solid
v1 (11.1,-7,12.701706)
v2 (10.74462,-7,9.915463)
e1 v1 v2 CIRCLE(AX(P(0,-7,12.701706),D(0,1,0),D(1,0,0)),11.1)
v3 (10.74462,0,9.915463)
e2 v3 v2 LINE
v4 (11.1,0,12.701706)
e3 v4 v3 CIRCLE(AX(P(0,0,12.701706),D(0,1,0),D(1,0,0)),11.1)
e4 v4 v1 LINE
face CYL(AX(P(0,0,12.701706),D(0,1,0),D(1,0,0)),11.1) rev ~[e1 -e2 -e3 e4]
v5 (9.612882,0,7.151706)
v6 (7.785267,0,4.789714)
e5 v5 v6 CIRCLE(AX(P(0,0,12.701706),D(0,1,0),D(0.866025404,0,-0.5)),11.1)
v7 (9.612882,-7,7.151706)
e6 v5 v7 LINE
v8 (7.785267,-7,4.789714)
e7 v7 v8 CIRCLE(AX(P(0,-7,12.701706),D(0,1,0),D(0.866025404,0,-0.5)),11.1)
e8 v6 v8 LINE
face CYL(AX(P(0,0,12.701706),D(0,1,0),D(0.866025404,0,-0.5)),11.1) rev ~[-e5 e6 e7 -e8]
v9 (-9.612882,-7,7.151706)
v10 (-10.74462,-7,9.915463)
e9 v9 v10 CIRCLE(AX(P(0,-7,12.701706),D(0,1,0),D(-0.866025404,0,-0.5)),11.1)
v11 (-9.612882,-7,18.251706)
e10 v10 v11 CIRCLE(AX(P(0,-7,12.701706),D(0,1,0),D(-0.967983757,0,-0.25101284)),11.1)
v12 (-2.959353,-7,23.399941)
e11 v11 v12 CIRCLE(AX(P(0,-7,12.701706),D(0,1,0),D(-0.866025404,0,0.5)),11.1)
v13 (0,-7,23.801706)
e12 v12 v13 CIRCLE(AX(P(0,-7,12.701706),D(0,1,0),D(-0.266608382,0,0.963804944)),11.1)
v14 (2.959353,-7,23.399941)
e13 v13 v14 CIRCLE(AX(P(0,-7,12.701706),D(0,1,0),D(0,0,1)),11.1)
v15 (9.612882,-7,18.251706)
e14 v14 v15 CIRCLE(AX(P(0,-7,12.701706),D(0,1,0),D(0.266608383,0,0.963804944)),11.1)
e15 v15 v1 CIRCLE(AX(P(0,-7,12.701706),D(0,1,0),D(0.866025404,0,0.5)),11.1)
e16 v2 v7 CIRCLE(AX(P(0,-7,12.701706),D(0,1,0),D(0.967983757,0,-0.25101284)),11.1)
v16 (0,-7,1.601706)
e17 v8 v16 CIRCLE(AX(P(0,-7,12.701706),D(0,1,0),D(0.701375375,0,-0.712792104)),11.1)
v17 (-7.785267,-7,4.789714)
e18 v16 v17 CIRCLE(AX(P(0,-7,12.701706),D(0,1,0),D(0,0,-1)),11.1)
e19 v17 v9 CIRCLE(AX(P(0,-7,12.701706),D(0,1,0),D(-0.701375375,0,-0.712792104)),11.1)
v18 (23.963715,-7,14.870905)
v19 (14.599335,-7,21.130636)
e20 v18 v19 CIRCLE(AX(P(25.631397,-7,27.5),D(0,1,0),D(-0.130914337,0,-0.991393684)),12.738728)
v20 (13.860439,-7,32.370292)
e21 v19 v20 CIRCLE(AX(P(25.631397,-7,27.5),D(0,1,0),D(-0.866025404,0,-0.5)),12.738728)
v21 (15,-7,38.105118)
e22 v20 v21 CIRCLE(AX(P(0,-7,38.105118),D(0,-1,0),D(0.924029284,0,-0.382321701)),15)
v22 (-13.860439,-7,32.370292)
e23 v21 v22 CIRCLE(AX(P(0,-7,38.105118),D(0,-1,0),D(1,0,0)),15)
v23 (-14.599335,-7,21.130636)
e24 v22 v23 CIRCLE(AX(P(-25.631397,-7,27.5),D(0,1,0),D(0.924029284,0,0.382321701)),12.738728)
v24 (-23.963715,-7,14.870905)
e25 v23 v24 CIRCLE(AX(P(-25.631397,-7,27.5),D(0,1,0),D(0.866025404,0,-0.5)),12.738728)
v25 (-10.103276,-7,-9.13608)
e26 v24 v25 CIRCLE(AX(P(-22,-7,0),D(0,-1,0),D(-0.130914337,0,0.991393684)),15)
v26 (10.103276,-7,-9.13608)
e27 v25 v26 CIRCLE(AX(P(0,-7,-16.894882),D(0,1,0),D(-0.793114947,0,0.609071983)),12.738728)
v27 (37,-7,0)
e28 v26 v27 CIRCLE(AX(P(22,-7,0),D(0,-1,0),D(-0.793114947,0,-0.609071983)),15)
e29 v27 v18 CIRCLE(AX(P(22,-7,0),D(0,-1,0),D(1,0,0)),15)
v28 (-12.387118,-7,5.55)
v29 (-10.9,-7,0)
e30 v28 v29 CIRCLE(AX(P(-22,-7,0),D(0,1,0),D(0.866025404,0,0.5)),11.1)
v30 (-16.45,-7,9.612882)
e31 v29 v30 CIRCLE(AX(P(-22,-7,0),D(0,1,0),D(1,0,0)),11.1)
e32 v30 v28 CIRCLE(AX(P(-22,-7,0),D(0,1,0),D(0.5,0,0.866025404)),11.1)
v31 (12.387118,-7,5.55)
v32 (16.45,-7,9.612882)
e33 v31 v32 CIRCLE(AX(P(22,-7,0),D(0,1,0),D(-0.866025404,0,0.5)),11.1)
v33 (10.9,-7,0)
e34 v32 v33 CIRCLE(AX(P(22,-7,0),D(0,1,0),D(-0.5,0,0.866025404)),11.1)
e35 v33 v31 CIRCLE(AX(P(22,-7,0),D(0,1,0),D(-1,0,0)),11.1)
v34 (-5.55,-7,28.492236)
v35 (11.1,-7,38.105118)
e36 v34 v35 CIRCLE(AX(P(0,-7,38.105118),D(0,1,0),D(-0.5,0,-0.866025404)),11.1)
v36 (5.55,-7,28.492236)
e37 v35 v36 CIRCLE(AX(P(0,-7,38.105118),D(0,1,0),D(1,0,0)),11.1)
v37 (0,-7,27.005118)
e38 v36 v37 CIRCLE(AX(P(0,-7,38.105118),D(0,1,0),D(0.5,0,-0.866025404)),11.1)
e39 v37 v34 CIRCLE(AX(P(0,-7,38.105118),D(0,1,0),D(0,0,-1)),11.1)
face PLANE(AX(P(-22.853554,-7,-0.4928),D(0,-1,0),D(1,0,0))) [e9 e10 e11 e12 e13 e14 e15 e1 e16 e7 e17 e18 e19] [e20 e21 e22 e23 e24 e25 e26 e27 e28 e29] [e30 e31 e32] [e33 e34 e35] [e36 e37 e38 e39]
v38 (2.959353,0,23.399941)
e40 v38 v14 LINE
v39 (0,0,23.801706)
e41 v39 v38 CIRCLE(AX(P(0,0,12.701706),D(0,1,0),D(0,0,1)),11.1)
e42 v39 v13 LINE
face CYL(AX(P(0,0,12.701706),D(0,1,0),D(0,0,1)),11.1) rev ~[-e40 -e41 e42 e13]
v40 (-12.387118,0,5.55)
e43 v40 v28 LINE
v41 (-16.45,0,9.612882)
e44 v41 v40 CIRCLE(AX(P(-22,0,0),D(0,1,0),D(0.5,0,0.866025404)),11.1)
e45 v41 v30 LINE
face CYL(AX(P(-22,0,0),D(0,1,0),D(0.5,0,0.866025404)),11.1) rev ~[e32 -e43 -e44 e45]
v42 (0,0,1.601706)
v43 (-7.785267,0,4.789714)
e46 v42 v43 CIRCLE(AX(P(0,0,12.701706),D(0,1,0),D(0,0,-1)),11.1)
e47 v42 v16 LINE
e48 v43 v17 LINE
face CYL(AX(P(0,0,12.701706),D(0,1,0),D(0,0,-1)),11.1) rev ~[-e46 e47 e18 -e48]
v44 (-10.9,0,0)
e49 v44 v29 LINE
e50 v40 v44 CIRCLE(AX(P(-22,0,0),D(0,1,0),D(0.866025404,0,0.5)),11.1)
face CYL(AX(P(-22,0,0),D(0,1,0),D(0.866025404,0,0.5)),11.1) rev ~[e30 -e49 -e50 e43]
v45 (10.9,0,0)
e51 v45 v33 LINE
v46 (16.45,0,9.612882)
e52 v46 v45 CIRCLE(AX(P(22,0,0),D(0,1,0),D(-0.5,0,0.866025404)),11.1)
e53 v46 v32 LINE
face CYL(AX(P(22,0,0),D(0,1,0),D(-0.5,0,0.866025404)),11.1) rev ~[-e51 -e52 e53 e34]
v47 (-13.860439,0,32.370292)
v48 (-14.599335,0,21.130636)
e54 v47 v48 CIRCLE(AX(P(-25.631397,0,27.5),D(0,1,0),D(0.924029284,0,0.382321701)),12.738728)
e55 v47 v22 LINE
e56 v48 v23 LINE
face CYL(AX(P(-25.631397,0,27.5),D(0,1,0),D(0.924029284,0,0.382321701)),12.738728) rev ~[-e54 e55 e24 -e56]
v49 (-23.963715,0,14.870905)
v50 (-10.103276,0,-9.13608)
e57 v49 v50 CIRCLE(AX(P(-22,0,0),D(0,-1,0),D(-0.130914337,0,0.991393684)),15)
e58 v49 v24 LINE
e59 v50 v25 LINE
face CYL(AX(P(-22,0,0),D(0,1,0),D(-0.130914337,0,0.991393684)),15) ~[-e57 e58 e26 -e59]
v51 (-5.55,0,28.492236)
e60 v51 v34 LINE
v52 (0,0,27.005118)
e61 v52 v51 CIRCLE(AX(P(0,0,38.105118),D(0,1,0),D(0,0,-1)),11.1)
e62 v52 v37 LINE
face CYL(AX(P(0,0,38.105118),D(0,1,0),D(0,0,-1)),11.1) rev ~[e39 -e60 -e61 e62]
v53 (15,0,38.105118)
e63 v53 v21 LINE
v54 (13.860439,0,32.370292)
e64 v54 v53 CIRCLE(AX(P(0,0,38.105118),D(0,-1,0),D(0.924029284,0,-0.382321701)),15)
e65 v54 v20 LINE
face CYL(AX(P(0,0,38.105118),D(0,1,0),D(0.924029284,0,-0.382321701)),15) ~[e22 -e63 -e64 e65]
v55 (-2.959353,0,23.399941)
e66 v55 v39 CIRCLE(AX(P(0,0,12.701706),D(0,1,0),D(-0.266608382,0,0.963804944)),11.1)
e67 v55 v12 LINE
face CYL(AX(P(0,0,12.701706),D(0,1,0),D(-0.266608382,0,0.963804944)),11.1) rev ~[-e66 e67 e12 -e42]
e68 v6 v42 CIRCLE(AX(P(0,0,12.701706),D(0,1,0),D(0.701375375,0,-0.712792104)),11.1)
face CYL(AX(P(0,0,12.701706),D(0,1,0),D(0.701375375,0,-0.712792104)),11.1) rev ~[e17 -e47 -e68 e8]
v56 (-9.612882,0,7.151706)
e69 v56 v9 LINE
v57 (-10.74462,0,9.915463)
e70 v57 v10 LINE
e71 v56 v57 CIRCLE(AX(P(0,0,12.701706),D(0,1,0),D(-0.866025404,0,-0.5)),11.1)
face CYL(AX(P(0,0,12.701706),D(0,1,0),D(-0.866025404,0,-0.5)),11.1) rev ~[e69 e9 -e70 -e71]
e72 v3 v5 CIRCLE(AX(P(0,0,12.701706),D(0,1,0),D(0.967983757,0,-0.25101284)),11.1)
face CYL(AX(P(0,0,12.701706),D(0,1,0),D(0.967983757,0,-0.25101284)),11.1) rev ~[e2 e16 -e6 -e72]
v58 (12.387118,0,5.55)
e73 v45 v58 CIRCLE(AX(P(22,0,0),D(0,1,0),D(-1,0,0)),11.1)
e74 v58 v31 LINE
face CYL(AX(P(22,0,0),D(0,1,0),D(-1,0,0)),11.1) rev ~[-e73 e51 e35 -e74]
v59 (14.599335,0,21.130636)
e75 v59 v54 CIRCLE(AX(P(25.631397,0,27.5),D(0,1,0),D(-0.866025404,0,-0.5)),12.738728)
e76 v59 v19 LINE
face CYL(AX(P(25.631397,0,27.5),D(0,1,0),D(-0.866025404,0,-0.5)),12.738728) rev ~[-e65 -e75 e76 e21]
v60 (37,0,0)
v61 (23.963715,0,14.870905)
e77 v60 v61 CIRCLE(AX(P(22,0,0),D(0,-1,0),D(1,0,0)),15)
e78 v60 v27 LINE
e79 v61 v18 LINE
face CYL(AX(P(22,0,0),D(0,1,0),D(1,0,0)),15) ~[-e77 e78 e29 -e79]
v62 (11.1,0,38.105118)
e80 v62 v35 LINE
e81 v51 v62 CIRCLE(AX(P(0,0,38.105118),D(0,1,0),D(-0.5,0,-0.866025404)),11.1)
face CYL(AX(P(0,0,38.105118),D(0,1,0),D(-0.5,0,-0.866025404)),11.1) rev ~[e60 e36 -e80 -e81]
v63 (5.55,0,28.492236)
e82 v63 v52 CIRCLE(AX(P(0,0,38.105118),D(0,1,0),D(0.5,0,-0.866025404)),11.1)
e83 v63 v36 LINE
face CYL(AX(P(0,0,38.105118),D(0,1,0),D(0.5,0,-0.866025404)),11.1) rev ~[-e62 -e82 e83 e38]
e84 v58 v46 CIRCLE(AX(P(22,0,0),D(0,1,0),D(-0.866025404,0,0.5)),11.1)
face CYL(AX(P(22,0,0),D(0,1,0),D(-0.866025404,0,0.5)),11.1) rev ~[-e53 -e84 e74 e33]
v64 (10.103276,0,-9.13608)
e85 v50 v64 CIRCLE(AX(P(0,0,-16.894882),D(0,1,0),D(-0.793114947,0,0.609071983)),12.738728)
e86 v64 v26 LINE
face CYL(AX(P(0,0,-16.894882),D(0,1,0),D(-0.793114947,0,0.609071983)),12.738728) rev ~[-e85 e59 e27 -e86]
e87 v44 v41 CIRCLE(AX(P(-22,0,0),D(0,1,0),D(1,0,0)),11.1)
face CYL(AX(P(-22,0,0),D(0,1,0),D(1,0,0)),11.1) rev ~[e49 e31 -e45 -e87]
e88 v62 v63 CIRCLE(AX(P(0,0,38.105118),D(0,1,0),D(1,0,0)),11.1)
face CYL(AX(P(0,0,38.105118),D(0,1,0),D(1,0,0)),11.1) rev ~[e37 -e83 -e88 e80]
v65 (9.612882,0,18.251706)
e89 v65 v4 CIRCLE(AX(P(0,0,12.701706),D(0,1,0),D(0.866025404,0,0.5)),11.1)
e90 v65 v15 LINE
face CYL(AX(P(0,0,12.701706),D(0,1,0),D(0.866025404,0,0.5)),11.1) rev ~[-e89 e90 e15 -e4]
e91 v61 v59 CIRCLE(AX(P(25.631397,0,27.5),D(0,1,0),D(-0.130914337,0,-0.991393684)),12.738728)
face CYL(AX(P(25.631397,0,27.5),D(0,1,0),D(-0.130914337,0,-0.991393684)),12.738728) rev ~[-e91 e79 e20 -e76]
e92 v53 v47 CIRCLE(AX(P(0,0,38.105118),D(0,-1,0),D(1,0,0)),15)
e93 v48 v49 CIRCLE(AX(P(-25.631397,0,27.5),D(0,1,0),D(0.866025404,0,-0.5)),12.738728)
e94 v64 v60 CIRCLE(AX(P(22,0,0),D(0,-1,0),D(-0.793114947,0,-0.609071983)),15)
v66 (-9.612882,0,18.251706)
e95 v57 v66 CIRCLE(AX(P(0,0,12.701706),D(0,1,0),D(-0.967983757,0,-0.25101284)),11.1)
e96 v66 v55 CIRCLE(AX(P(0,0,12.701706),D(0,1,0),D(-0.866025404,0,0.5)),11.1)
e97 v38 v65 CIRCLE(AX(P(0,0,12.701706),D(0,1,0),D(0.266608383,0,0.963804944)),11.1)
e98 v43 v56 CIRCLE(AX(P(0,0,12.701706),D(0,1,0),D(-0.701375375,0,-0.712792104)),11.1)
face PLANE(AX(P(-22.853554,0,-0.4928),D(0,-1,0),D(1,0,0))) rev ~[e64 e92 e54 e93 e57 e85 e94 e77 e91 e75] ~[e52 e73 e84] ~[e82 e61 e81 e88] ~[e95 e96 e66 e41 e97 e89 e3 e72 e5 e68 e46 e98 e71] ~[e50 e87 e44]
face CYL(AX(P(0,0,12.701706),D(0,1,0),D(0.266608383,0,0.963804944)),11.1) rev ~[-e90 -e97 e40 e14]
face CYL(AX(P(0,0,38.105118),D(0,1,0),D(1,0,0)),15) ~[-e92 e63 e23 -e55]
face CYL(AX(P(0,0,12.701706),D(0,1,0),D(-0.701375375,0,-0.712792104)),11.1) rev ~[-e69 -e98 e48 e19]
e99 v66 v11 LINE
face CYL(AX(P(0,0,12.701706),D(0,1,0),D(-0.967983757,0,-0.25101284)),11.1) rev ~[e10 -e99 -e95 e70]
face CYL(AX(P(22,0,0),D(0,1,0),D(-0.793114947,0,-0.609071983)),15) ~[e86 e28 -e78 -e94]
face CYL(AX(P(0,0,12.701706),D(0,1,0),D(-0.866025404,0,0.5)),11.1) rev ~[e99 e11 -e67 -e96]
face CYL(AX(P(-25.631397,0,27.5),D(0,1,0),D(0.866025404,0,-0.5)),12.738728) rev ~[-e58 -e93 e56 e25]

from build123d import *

# Parameters (mm, degrees)
F1_DEPTH = 7


with BuildPart() as f1:
    # F0 (on Front) → F1 (new body)
    with BuildSketch(Plane.XZ):
        with BuildLine():
            Line((-7, 0), (-10.9, 0))
            ThreePointArc((-10.9, 0), (-31.612881982, -5.55), (-16.45, 9.612881982))
            Line((-16.45, 9.612881982), (-14.5, 12.9903810568))
            ThreePointArc((-14.5, 12.9903810568), (-19.0765250841, 14.7123517636), (-23.9637150487, 14.8709052585))
            ThreePointArc((-23.9637150487, 14.8709052585), (-34.9903810568, -7.5), (-10.1032757932, -9.1360797472))
            ThreePointArc((-10.1032757932, -9.1360797472), (-7.7969921654, -4.8243723373), (-7, 0))
        make_face()
        with BuildLine():
            Line((0, 0), (-7, 0))
            ThreePointArc((-7, 0), (-7.7969921654, -4.8243723373), (-10.1032757932, -9.1360797472))
            ThreePointArc((-10.1032757932, -9.1360797472), (-5.6319588622, -5.4687614067), (0, -4.1561539699))
            Line((0, -4.1561539699), (0, 0))
        make_face()
        with BuildLine():
            ThreePointArc((-23.9637150487, 14.8709052585), (-19.0765250841, 14.7123517636), (-14.5, 12.9903810568))
            Line((-14.5, 12.9903810568), (-11, 19.0525588833))
            Line((-11, 19.0525588833), (-14.5993349199, 21.1306358682))
            ThreePointArc((-14.5993349199, 21.1306358682), (-18.5520657365, 16.9095201389), (-23.9637150487, 14.8709052585))
        make_face()
        with BuildLine():
            Line((7, 0), (0, 0))
            Line((0, 0), (0, -4.1561539699))
            ThreePointArc((0, -4.1561539699), (5.6319588622, -5.4687614067), (10.1032757932, -9.1360797472))
            ThreePointArc((10.1032757932, -9.1360797472), (7.7969921654, -4.8243723373), (7, 0))
        make_face()
        with BuildLine():
            Line((-14.5993349199, 21.1306358682), (-11, 19.0525588833))
            Line((-11, 19.0525588833), (-7.5, 25.1147367097))
            ThreePointArc((-7.5, 25.1147367097), (-11.2795329187, 28.2171383402), (-13.8604392555, 32.3702922552))
            ThreePointArc((-13.8604392555, 32.3702922552), (-12.9201068743, 26.6643590343), (-14.5993349199, 21.1306358682))
        make_face()
        with BuildLine():
            Line((10.9, 0), (7, 0))
            ThreePointArc((7, 0), (7.7969921654, -4.8243723373), (10.1032757932, -9.1360797472))
            ThreePointArc((10.1032757932, -9.1360797472), (26.8243723373, -14.2030078346), (37, 0))
            ThreePointArc((37, 0), (33.2795329187, 9.8879794263), (23.9637150487, 14.8709052585))
            ThreePointArc((23.9637150487, 14.8709052585), (19.0765250841, 14.7123517636), (14.5, 12.9903810568))
            Line((14.5, 12.9903810568), (16.45, 9.612881982))
            ThreePointArc((16.45, 9.612881982), (27.55, 9.612881982), (33.1, 0))
            ThreePointArc((33.1, 0), (22, -11.1), (10.9, 0))
        make_face()
        with BuildLine():
            ThreePointArc((-13.8604392555, 32.3702922552), (-11.2795329187, 28.2171383402), (-7.5, 25.1147367097))
            Line((-7.5, 25.1147367097), (-5.55, 28.4922357845))
            ThreePointArc((-5.55, 28.4922357845), (-5.55, 47.7179997485), (11.1, 38.1051177665))
            ThreePointArc((11.1, 38.1051177665), (9.612881982, 32.5551177665), (5.55, 28.4922357845))
            Line((5.55, 28.4922357845), (7.5, 25.1147367097))
            ThreePointArc((7.5, 25.1147367097), (11.2795329187, 28.2171383402), (13.8604392555, 32.3702922552))
            ThreePointArc((13.8604392555, 32.3702922552), (14.7123517636, 35.1816428506), (15, 38.1051177665))
            ThreePointArc((15, 38.1051177665), (-2.9234749159, 52.8174695301), (-13.8604392555, 32.3702922552))
        make_face()
        with BuildLine():
            Line((14.5993349199, 21.1306358682), (11, 19.0525588833))
            Line((11, 19.0525588833), (14.5, 12.9903810568))
            ThreePointArc((14.5, 12.9903810568), (19.0765250841, 14.7123517636), (23.9637150487, 14.8709052585))
            ThreePointArc((23.9637150487, 14.8709052585), (18.5520657365, 16.9095201389), (14.5993349199, 21.1306358682))
        make_face()
        with BuildLine():
            Line((7.5, 25.1147367097), (11, 19.0525588833))
            Line((11, 19.0525588833), (14.5993349199, 21.1306358682))
            ThreePointArc((14.5993349199, 21.1306358682), (12.9201068743, 26.6643590343), (13.8604392555, 32.3702922552))
            ThreePointArc((13.8604392555, 32.3702922552), (11.2795329187, 28.2171383402), (7.5, 25.1147367097))
        make_face()
        with BuildLine():
            Line((11, 19.0525588833), (9.612881982, 18.2517059222))
            ThreePointArc((9.612881982, 18.2517059222), (10.7217766718, 15.5745973228), (11.1, 12.7017059222))
            ThreePointArc((11.1, 12.7017059222), (11.0107964908, 11.2972983465), (10.7446197048, 9.9154633986))
            ThreePointArc((10.7446197048, 9.9154633986), (12.497113483, 11.6058238761), (14.5, 12.9903810568))
            Line((14.5, 12.9903810568), (11, 19.0525588833))
        make_face()
        with BuildLine():
            Line((9.612881982, 7.1517059222), (12.387118018, 5.55))
            ThreePointArc((12.387118018, 5.55), (14.1511147288, 7.8488852712), (16.45, 9.612881982))
            Line((16.45, 9.612881982), (14.5, 12.9903810568))
            ThreePointArc((14.5, 12.9903810568), (12.497113483, 11.6058238761), (10.7446197048, 9.9154633986))
            ThreePointArc((10.7446197048, 9.9154633986), (10.2721252708, 8.4953485406), (9.612881982, 7.1517059222))
        make_face()
        with BuildLine():
            ThreePointArc((7.7852666589, 4.7897135656), (7.1976184329, 2.426829195), (7, 0))
            Line((7, 0), (10.9, 0))
            ThreePointArc((10.9, 0), (11.2782233282, 2.8728914006), (12.387118018, 5.55))
            Line((12.387118018, 5.55), (9.612881982, 7.1517059222))
            ThreePointArc((9.612881982, 7.1517059222), (8.7788749852, 5.9089631776), (7.7852666589, 4.7897135656))
        make_face()
        with BuildLine():
            ThreePointArc((2.9593530459, 23.3999408023), (6.7927427446, 21.4805809074), (9.612881982, 18.2517059222))
            Line((9.612881982, 18.2517059222), (11, 19.0525588833))
            Line((11, 19.0525588833), (7.5, 25.1147367097))
            ThreePointArc((7.5, 25.1147367097), (5.2994950501, 24.0724646954), (2.9593530459, 23.3999408023))
        make_face()
        with BuildLine():
            ThreePointArc((5.55, 28.4922357845), (2.8728914006, 27.3833410947), (0, 27.0051177665))
            Line((0, 27.0051177665), (0, 23.8017059222))
            ThreePointArc((0, 23.8017059222), (1.4932502856, 23.7008060483), (2.9593530459, 23.3999408023))
            ThreePointArc((2.9593530459, 23.3999408023), (5.2994950501, 24.0724646954), (7.5, 25.1147367097))
            Line((7.5, 25.1147367097), (5.55, 28.4922357845))
        make_face()
        with BuildLine():
            Line((-5.55, 28.4922357845), (-7.5, 25.1147367097))
            ThreePointArc((-7.5, 25.1147367097), (-5.2994950501, 24.0724646954), (-2.9593530459, 23.3999408023))
            ThreePointArc((-2.9593530459, 23.3999408023), (-1.4932502856, 23.7008060483), (0, 23.8017059222))
            Line((0, 23.8017059222), (0, 27.0051177665))
            ThreePointArc((0, 27.0051177665), (-2.8728914006, 27.3833410947), (-5.55, 28.4922357845))
        make_face()
        with BuildLine():
            Line((-7.5, 25.1147367097), (-11, 19.0525588833))
            Line((-11, 19.0525588833), (-9.612881982, 18.2517059222))
            ThreePointArc((-9.612881982, 18.2517059222), (-6.7927427446, 21.4805809074), (-2.9593530459, 23.3999408023))
            ThreePointArc((-2.9593530459, 23.3999408023), (-5.2994950501, 24.0724646954), (-7.5, 25.1147367097))
        make_face()
        with BuildLine():
            Line((-11, 19.0525588833), (-14.5, 12.9903810568))
            ThreePointArc((-14.5, 12.9903810568), (-12.497113483, 11.6058238761), (-10.7446197048, 9.9154633986))
            ThreePointArc((-10.7446197048, 9.9154633986), (-10.9991001261, 14.1949562078), (-9.612881982, 18.2517059222))
            Line((-9.612881982, 18.2517059222), (-11, 19.0525588833))
        make_face()
        with BuildLine():
            Line((-14.5, 12.9903810568), (-16.45, 9.612881982))
            ThreePointArc((-16.45, 9.612881982), (-14.1511147288, 7.8488852712), (-12.387118018, 5.55))
            Line((-12.387118018, 5.55), (-9.612881982, 7.1517059222))
            ThreePointArc((-9.612881982, 7.1517059222), (-10.2721252708, 8.4953485406), (-10.7446197048, 9.9154633986))
            ThreePointArc((-10.7446197048, 9.9154633986), (-12.497113483, 11.6058238761), (-14.5, 12.9903810568))
        make_face()
        with BuildLine():
            ThreePointArc((-12.387118018, 5.55), (-11.2782233282, 2.8728914006), (-10.9, 0))
            Line((-10.9, 0), (-7, 0))
            ThreePointArc((-7, 0), (-7.1976184329, 2.426829195), (-7.7852666589, 4.7897135656))
            ThreePointArc((-7.7852666589, 4.7897135656), (-8.7788749852, 5.9089631776), (-9.612881982, 7.1517059222))
            Line((-9.612881982, 7.1517059222), (-12.387118018, 5.55))
        make_face()
        with BuildLine():
            Line((0, 1.6017059222), (0, 0))
            Line((0, 0), (7, 0))
            ThreePointArc((7, 0), (7.1976184329, 2.426829195), (7.7852666589, 4.7897135656))
            ThreePointArc((7.7852666589, 4.7897135656), (4.2063573815, 2.4295806514), (0, 1.6017059222))
        make_face()
        with BuildLine():
            ThreePointArc((-7.7852666589, 4.7897135656), (-7.1976184329, 2.426829195), (-7, 0))
            Line((-7, 0), (0, 0))
            Line((0, 0), (0, 1.6017059222))
            ThreePointArc((0, 1.6017059222), (-4.2063573815, 2.4295806514), (-7.7852666589, 4.7897135656))
        make_face()
    extrude(amount=F1_DEPTH)


solid = f1.part
